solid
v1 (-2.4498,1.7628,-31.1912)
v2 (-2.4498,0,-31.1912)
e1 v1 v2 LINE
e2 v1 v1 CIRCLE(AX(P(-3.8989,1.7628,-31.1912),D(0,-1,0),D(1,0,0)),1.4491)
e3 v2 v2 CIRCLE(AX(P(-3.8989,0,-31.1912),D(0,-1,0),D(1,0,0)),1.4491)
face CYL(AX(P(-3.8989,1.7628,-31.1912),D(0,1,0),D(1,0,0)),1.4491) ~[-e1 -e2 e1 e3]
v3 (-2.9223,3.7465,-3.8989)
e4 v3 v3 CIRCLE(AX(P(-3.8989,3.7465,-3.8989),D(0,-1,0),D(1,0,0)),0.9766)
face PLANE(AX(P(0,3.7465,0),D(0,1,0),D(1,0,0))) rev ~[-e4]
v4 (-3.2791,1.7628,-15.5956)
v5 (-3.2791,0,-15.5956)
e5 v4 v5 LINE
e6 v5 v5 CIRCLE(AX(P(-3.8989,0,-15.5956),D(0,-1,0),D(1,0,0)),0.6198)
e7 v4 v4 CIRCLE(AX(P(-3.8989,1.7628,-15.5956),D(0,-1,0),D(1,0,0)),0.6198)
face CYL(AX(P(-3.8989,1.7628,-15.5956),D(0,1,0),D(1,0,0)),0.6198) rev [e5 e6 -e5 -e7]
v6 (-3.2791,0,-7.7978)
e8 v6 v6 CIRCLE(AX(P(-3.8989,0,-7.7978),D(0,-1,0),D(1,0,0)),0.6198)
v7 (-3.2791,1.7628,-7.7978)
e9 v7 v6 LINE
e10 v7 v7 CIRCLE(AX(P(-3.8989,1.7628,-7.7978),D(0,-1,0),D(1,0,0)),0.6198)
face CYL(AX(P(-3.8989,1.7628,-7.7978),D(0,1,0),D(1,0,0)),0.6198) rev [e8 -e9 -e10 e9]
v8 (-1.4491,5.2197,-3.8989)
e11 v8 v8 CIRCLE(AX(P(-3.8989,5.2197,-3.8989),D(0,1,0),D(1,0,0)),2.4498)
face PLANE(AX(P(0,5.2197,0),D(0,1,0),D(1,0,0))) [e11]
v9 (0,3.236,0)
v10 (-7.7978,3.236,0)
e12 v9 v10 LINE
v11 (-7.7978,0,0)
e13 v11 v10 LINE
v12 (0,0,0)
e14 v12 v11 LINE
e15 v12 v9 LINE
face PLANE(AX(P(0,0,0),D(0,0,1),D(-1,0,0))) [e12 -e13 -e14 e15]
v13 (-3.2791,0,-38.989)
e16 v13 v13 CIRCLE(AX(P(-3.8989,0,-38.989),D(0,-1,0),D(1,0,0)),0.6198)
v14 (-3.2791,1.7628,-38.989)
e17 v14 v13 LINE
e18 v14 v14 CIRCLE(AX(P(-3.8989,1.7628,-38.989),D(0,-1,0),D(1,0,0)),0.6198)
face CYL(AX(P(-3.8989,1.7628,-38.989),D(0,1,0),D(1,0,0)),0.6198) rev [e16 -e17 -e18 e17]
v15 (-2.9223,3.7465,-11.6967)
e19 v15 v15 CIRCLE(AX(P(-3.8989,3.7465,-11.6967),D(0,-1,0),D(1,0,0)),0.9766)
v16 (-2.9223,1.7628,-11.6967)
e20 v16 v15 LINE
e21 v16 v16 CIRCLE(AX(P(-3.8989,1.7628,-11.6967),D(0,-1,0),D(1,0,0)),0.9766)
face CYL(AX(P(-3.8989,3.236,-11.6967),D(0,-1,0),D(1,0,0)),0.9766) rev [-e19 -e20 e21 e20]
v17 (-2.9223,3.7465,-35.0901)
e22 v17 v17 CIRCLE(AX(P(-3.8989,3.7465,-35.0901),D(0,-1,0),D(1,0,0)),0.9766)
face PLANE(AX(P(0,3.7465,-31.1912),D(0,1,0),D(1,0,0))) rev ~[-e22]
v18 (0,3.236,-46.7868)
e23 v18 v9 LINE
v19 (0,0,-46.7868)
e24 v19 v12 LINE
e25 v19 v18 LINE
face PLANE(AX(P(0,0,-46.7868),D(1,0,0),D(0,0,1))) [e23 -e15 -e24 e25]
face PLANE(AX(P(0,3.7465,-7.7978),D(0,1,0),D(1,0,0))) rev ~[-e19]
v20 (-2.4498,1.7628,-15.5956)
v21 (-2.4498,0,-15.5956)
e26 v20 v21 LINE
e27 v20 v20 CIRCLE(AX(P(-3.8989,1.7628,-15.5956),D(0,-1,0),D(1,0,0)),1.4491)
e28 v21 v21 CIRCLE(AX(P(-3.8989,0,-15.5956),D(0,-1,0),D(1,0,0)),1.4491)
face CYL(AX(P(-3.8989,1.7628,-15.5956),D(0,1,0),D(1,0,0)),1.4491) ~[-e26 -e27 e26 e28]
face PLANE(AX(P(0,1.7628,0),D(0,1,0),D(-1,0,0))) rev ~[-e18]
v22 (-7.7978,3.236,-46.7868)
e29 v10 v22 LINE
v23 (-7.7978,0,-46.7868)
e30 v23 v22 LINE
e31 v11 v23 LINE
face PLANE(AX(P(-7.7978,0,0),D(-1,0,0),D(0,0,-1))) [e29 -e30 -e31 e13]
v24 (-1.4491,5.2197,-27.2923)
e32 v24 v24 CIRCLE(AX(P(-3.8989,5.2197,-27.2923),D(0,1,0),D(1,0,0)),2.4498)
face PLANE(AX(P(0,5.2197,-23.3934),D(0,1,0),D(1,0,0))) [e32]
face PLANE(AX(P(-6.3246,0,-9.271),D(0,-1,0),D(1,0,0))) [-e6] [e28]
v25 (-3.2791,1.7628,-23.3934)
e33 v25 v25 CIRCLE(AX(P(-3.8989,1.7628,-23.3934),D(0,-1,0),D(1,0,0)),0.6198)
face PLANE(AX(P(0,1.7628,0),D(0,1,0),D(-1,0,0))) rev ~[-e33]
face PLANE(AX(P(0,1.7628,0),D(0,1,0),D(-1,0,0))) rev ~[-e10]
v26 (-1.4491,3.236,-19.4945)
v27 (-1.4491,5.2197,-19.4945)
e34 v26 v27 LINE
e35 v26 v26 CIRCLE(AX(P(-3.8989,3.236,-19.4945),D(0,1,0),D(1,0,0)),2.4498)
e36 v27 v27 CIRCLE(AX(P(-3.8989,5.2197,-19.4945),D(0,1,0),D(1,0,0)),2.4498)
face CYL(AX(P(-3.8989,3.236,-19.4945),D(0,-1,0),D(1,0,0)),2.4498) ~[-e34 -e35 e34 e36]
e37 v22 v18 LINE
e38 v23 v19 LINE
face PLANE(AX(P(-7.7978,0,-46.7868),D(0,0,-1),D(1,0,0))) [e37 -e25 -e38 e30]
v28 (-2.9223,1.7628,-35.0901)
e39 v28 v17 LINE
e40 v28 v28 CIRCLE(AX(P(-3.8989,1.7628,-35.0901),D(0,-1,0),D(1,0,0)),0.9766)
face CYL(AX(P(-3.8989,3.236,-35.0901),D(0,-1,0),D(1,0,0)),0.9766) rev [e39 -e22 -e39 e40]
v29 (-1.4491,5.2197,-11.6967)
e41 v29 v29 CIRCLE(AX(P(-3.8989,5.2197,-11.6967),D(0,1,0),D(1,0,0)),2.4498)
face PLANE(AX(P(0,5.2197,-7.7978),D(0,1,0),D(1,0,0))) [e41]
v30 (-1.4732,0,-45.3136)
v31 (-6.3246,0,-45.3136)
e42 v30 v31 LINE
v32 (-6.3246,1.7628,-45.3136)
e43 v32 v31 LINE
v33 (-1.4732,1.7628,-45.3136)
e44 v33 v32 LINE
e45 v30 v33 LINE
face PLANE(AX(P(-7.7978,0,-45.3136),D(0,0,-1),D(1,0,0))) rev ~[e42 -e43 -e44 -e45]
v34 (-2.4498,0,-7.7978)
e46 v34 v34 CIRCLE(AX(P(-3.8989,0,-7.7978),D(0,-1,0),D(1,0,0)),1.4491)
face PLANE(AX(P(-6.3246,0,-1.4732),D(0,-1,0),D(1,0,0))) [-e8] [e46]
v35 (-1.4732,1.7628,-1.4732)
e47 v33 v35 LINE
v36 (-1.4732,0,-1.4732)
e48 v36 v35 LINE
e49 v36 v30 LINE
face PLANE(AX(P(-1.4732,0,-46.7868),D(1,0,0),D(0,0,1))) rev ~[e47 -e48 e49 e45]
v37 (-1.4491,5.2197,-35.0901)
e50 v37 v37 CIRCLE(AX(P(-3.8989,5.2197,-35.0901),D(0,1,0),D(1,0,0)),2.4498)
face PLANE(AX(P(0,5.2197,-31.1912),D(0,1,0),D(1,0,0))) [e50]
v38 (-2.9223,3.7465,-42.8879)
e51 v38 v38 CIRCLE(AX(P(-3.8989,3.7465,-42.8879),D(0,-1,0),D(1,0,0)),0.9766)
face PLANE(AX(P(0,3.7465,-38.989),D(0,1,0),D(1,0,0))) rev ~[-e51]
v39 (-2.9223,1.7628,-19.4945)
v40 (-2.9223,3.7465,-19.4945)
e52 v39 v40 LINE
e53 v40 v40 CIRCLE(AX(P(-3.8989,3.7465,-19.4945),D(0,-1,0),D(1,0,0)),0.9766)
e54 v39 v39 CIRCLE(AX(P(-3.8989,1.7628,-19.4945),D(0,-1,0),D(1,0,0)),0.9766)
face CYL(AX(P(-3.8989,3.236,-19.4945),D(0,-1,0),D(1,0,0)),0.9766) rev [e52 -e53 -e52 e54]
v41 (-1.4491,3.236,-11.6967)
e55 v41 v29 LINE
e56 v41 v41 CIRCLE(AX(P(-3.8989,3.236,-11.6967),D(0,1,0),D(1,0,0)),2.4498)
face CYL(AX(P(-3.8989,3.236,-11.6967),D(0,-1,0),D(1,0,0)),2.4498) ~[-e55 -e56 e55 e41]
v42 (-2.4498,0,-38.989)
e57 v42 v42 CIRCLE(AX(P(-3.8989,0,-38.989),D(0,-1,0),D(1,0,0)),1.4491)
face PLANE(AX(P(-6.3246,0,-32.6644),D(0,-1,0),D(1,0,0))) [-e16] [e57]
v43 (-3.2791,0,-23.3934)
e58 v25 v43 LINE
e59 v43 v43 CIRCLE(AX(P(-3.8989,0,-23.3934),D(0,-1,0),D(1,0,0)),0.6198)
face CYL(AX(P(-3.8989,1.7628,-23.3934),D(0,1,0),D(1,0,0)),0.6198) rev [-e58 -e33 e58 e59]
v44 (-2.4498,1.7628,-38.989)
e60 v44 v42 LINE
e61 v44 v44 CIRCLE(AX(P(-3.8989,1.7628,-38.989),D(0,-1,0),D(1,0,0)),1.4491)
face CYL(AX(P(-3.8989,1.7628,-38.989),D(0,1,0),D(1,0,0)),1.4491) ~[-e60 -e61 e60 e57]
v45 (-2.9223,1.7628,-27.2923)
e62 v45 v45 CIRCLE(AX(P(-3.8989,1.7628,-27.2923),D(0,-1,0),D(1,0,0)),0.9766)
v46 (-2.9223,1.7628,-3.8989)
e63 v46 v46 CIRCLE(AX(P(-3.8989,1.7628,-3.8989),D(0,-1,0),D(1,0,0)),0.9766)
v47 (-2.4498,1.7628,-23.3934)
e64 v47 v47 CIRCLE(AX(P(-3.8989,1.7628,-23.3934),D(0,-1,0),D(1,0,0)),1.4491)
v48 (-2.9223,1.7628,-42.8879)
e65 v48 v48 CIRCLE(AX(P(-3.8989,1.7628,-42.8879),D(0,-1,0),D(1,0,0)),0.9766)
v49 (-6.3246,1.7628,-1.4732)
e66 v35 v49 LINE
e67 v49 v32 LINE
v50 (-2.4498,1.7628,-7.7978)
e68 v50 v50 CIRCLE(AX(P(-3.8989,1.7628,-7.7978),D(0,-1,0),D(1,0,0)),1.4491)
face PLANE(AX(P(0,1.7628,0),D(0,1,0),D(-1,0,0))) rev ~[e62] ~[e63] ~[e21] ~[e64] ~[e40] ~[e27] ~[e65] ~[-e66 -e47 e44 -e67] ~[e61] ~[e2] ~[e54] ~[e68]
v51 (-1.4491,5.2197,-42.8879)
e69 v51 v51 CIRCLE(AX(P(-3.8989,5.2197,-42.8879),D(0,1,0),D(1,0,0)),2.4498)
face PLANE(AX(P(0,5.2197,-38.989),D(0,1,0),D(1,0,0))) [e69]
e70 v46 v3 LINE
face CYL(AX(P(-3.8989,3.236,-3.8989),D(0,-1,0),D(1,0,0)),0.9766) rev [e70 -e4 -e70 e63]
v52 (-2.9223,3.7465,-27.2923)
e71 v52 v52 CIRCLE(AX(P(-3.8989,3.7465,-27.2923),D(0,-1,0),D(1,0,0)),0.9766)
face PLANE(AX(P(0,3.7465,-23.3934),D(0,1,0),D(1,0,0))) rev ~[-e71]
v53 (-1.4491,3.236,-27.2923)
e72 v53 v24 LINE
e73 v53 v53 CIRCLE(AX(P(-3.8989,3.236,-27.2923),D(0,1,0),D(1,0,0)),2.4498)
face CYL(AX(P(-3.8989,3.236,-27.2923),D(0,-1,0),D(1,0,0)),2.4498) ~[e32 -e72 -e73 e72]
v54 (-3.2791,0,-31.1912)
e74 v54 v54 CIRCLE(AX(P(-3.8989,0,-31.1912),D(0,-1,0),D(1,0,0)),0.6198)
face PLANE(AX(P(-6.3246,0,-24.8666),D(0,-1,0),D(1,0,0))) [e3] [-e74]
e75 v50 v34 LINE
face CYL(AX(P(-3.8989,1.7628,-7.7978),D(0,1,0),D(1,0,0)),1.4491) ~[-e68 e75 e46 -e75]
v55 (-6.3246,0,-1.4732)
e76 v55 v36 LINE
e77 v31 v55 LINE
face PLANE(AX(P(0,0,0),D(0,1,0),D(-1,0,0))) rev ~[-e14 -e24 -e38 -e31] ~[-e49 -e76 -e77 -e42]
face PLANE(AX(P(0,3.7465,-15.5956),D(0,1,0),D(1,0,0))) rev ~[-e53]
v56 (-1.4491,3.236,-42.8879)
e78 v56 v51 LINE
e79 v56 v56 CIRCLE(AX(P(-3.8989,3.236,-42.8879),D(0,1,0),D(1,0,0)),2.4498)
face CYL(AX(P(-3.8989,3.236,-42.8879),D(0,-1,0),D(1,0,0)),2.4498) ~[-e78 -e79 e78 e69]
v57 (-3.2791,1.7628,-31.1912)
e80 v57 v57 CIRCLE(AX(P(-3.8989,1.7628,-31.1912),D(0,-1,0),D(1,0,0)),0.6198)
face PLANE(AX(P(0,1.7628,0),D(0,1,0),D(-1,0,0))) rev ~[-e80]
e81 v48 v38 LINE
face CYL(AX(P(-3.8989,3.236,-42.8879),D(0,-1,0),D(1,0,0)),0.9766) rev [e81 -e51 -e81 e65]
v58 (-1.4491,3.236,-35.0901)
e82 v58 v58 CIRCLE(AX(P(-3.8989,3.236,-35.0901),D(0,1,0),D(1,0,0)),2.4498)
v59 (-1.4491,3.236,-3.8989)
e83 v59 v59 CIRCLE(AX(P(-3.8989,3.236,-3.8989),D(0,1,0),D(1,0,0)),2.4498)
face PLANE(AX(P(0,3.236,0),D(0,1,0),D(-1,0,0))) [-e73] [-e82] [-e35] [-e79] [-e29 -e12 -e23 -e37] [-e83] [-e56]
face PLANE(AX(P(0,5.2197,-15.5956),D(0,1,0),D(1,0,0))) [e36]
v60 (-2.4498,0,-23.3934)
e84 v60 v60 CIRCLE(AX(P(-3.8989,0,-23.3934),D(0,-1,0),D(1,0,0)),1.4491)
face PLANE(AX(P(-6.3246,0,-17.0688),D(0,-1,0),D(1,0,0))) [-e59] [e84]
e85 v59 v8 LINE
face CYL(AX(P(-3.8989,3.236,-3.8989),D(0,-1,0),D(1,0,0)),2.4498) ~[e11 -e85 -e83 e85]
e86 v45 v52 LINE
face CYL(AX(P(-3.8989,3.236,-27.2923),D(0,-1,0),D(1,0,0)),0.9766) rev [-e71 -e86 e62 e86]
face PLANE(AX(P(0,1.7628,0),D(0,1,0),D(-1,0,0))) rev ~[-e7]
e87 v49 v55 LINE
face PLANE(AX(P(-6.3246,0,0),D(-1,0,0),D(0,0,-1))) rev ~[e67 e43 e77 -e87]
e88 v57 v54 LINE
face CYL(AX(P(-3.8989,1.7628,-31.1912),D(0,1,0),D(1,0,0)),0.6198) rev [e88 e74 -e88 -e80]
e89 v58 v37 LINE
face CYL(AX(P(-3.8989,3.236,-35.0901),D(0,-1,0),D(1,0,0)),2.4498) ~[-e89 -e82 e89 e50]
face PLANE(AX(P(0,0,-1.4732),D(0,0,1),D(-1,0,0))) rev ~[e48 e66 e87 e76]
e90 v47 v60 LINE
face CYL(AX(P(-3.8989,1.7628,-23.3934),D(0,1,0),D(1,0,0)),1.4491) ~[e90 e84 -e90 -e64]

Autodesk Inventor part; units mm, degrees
ref_plane "YZ Plane" through (0, 0, 0) normal (1, 0, 0) x (0, 1, 0)
ref_plane "XZ Plane" through (0, 0, 0) normal (0, 1, 0) x (-1, 0, 0)
ref_plane "XY Plane" through (0, 0, 0) normal (0, 0, 1) x (1, 0, 0)
sketch "Sketch1" plane through (0, 0, 0) normal (0, 1, 0) x (-1, 0, 0)
  line L0 (0, 0) -> (7.7978, 0)
  line L1 (7.7978, 0) -> (7.7978, -46.7868)
  line L2 (7.7978, -46.7868) -> (0, -46.7868)
  line L3 (0, -46.7868) -> (0, 0)
  dimension "d0" = 7.7978
  dimension "d1" = 46.7868
extrude "Extrusion1" add sketch "Sketch1" along normal blind 3.236
sketch "Sketch2" plane through (0, 3.236, 0) normal (0, 1, 0) x (1, 0, 0)
  line L0 (0, 0) -> (-3.8989, 0) construction
  line L1 (-3.8989, 0) -> (-3.8989, 3.8989) construction
  line L2 (-3.8989, 3.8989) -> (0, 3.8989) construction
  line L3 (0, 3.8989) -> (0, 0) construction
  circle A0 centre (-3.8989, 3.8989) radius 2.4498
  dimension "d4" = 3.8989
  dimension "d5" = 3.8989
  dimension "d6" = 4.8997
extrude "Extrusion2" add sketch "Sketch2" along normal blind 1.9837
pattern_linear "Rectangular Pattern1" count 6 spacing 7.7978 along (0, 0, -1) of "Extrusion2"
shell "Shell1" thickness 1.4732 removed faces 1 at (-2.5993, 0, -15.5956)
sketch "Sketch3" plane through (-6.3246, 1.7628, -1.4732) normal (0, -1, 0) x (1, 0, 0)
  circle A0 centre (2.4257, -2.4257) radius 2.4498 construction
  circle A1 centre (2.4257, -10.2235) radius 2.4498 construction
  line L0 (2.4257, -2.4257) -> (2.4257, -10.2235) construction
  circle A2 centre (2.4257, -6.3246) radius 0.6198
  circle A3 centre (2.4257, -6.3246) radius 1.4491
  point P0 (6.3246, 1.4732)
  dimension "d13" = 1.2395
extrude "Extrusion3" add sketch "Sketch3" along normal up to surface (1.7628 mm away)
pattern_linear "Rectangular Pattern2" count 5 spacing 7.7978 along (0, 0, -1) of "Extrusion3"
properties part number "1x6 short black pegged" material "ABS Plastic"
